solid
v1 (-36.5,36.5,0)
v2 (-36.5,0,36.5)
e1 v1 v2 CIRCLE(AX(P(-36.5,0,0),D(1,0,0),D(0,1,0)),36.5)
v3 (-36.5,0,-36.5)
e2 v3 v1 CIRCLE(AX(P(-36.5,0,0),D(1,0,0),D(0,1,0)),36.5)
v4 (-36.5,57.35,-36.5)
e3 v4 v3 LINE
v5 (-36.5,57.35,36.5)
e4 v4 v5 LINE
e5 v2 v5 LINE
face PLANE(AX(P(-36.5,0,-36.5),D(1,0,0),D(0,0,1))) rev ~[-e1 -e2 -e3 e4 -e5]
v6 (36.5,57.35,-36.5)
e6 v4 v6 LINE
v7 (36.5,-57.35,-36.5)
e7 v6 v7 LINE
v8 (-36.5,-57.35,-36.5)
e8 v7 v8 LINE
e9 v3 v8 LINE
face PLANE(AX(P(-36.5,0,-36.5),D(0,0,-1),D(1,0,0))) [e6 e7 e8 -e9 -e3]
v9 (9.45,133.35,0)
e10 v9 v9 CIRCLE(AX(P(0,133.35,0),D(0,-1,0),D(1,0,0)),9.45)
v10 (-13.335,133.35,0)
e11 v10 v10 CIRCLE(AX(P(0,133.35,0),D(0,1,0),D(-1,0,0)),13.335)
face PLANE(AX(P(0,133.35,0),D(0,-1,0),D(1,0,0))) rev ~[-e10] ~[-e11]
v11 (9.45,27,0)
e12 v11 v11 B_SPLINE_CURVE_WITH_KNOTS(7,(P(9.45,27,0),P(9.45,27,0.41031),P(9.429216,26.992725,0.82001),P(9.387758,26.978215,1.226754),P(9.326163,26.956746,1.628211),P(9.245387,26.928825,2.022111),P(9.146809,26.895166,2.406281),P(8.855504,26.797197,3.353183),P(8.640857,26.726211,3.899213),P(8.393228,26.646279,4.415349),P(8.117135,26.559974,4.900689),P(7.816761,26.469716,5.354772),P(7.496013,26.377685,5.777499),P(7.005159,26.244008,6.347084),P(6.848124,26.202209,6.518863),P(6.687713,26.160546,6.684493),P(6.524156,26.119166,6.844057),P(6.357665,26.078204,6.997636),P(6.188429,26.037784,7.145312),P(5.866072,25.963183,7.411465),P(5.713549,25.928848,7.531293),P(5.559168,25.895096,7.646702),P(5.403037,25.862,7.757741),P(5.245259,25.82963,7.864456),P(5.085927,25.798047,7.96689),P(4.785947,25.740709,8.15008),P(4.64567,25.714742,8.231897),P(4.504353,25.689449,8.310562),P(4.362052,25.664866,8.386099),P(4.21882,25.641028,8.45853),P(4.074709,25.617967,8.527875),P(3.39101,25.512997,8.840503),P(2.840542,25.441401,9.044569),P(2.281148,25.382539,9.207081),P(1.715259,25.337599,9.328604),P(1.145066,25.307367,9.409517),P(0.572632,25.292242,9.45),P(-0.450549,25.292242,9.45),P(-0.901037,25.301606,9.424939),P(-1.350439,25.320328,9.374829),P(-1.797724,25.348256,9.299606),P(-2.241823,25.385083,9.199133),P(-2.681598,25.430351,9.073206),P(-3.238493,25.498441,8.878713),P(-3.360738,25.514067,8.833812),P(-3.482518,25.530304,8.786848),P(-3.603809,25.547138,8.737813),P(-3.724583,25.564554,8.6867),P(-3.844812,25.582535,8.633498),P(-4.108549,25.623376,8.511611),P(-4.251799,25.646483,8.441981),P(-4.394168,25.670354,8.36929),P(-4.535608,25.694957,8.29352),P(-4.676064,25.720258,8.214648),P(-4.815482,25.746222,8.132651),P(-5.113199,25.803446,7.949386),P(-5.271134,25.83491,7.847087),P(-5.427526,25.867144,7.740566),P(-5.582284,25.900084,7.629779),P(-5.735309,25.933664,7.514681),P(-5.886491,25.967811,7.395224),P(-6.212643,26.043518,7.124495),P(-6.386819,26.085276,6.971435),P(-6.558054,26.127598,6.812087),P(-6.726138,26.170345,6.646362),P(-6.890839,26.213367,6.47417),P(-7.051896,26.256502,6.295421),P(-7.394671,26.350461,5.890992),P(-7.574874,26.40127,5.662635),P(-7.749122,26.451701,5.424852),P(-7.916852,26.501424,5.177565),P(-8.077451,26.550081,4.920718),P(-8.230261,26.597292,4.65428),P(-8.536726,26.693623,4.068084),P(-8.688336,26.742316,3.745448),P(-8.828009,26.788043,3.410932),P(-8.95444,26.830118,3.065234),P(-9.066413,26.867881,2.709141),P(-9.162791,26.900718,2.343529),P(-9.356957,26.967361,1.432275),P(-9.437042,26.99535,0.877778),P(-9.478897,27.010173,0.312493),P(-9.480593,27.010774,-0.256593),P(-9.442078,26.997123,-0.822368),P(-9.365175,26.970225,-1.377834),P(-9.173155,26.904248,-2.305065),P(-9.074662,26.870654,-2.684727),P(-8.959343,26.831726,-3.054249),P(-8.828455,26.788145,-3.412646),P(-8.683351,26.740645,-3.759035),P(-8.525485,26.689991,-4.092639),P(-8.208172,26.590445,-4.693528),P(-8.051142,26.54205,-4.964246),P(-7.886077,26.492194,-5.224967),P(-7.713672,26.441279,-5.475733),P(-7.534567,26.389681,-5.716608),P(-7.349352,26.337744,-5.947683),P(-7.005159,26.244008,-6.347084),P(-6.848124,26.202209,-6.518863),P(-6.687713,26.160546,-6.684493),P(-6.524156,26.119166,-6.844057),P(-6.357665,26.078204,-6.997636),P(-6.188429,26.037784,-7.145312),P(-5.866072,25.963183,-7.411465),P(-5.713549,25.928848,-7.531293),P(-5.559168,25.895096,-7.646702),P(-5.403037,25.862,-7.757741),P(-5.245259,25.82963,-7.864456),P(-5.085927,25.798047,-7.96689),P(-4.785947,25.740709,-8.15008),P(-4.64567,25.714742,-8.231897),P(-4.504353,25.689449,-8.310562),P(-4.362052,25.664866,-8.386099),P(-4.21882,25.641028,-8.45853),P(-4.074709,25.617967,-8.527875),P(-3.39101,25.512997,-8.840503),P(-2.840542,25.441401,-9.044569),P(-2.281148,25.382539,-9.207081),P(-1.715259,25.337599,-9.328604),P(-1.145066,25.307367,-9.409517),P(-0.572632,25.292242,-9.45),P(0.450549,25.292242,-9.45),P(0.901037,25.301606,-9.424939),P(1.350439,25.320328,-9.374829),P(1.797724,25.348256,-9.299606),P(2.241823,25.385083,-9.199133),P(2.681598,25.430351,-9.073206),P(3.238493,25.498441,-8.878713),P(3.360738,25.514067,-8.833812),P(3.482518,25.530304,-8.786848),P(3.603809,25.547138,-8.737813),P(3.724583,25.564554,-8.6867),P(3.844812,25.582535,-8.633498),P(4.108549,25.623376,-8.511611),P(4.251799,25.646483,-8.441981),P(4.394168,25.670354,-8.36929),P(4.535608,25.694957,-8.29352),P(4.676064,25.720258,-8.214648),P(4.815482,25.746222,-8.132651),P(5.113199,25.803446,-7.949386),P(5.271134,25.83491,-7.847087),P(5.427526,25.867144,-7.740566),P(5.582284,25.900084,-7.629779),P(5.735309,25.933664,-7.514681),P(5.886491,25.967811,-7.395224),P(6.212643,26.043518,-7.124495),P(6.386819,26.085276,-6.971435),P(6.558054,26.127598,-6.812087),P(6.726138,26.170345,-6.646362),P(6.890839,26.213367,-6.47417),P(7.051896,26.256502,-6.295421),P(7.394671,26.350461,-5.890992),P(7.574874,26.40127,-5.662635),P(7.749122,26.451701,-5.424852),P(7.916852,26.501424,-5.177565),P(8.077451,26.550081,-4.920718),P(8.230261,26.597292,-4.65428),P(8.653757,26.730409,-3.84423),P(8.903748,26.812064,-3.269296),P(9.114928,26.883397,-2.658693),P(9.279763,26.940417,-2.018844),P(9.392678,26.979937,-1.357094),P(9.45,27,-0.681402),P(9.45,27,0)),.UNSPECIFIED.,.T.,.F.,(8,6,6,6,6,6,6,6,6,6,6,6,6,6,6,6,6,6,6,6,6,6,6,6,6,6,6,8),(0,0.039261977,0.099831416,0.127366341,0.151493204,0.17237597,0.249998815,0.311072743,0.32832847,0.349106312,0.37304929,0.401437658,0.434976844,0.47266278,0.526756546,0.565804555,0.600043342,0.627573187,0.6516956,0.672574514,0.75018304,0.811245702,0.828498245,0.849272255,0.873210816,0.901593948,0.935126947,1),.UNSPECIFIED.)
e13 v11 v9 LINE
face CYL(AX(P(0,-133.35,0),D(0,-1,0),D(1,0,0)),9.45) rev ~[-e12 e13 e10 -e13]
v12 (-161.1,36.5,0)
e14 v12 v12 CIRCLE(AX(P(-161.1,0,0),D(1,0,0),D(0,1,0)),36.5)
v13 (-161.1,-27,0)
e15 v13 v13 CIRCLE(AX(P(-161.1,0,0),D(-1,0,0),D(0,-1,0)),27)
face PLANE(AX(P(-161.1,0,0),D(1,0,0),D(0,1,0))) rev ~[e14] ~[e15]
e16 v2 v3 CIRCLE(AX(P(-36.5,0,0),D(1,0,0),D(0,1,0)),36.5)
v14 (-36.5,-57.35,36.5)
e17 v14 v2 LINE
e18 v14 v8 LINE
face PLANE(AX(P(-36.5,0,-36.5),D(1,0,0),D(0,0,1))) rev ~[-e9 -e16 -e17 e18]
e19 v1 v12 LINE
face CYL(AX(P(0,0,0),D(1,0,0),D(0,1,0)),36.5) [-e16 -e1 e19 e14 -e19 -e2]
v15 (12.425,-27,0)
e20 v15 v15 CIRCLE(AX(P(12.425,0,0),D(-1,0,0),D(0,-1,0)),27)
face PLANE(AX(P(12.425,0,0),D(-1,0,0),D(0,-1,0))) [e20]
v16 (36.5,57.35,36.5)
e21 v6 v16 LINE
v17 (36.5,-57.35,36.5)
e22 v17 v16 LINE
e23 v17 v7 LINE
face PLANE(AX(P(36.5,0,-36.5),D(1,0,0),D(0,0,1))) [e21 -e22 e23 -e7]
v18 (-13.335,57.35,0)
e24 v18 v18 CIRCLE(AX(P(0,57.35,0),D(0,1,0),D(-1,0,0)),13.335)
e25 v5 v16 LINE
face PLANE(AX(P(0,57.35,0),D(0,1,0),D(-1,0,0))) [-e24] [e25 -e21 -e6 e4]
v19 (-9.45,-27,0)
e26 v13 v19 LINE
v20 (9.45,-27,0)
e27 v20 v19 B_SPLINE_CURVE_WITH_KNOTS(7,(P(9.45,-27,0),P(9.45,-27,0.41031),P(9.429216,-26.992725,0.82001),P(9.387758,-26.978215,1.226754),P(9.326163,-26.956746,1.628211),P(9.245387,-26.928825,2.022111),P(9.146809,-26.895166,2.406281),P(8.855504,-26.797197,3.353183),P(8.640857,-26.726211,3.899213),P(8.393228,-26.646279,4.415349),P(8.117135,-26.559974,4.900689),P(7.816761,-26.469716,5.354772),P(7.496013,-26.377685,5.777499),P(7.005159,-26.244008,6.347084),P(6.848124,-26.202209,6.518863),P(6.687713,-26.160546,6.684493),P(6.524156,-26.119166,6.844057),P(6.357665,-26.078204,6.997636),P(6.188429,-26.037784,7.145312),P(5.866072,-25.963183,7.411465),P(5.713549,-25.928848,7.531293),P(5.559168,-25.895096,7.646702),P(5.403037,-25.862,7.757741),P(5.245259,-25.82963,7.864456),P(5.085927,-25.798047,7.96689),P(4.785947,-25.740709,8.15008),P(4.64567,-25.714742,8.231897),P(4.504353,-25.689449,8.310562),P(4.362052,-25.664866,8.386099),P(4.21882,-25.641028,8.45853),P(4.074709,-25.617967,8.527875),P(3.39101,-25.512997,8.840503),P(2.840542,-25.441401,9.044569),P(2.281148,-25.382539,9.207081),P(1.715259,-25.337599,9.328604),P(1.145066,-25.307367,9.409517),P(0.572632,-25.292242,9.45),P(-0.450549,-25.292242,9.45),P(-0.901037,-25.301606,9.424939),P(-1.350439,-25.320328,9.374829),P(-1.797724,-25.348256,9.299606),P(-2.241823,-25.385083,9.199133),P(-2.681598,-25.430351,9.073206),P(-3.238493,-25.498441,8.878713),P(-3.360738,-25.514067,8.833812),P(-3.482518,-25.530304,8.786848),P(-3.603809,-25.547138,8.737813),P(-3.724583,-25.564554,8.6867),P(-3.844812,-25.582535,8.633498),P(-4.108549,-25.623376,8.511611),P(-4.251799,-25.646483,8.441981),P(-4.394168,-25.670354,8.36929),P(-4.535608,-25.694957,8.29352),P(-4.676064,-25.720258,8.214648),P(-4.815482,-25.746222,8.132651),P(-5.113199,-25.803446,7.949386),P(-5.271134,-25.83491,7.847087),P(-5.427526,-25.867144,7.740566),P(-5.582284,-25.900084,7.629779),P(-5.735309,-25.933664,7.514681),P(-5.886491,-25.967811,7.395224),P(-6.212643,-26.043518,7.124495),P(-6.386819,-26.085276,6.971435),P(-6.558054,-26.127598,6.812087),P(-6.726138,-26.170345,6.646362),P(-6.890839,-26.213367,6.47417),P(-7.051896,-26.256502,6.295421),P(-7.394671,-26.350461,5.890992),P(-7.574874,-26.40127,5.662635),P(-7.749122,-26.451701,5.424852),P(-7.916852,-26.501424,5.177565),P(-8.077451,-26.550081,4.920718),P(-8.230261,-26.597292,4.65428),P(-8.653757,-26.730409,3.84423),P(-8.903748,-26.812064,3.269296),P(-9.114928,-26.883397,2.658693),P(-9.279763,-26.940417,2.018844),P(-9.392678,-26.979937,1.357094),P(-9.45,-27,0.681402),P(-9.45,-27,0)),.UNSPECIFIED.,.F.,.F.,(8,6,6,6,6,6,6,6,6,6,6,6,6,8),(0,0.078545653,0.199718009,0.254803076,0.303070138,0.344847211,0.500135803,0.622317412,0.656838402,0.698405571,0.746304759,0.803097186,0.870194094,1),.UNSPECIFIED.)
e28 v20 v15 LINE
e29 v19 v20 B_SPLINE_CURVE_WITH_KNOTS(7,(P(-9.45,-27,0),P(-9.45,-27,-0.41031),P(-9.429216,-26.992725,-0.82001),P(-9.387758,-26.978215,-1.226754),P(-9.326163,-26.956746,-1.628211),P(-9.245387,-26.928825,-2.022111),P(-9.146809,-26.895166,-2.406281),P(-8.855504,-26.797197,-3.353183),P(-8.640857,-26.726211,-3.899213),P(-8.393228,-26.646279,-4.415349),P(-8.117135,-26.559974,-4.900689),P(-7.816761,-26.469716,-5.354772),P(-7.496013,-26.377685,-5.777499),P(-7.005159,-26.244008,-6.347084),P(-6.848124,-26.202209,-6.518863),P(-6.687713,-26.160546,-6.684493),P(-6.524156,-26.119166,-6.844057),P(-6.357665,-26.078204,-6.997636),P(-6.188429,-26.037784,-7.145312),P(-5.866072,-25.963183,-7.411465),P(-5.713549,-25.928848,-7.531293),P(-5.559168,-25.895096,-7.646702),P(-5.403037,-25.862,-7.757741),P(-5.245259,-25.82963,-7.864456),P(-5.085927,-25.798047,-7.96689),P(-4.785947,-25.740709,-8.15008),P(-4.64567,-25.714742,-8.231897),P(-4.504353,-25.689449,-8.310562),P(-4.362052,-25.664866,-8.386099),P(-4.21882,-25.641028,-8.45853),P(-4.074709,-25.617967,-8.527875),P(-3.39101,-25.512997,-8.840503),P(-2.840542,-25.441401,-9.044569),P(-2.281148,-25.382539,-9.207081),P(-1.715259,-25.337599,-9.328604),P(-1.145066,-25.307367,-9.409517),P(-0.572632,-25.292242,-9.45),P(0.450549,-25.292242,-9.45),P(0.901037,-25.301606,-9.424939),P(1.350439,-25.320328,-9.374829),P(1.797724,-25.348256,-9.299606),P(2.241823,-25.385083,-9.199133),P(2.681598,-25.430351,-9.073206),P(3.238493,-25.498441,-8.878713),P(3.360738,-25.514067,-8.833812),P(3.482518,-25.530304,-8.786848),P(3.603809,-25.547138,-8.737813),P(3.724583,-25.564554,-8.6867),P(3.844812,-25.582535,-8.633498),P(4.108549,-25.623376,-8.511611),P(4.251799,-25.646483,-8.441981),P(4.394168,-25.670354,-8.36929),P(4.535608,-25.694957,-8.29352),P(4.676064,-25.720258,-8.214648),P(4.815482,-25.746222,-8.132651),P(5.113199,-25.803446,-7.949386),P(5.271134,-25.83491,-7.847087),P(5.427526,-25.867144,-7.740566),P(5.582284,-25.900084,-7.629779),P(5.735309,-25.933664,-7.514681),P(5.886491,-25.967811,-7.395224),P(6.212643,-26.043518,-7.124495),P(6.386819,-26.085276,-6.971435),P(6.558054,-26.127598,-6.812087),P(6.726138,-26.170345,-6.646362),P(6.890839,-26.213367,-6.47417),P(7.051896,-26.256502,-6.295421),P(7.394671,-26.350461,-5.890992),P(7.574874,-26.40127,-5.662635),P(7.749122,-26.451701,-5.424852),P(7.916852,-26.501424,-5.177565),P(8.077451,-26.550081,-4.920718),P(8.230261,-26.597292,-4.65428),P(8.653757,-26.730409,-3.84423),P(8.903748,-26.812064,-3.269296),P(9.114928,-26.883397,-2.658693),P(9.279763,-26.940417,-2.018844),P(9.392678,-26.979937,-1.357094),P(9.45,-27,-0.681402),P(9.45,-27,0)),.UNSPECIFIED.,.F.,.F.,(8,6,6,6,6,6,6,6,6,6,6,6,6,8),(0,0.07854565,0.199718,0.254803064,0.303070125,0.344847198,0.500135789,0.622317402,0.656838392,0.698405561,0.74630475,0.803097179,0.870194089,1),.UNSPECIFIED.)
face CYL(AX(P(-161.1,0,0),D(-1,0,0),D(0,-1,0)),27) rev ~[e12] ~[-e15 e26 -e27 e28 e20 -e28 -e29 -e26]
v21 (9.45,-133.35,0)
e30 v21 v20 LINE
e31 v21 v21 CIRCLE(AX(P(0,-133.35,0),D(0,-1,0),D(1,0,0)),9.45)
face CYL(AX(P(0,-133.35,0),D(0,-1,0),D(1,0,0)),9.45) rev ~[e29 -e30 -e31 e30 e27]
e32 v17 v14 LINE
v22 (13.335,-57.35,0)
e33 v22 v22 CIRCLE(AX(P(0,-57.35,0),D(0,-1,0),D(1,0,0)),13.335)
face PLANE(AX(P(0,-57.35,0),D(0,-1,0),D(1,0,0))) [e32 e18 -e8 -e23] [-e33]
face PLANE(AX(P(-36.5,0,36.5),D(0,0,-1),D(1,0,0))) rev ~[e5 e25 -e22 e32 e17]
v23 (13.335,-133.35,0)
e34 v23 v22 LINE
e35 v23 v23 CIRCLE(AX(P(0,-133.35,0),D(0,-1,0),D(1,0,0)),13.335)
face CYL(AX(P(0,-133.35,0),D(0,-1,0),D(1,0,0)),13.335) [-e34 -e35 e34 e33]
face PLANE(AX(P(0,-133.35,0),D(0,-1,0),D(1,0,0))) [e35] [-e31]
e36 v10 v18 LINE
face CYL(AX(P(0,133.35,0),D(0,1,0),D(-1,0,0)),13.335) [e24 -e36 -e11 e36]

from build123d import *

# Parameters (mm, degrees)
F0_W      = 73
F0_H      = 73
F1_DEPTH  = 133.35
F2_R      = 36.5
F3_DEPTH  = 161.1
F4_R      = 27
F5_DEPTH  = 173.525
F6_R      = 9.45
F7_DEPTH  = 336
F8_R      = 57.112961
F8_R_2    = 13.335
F9_DEPTH  = 76
F10_R     = 82.497851
F10_R_2   = 13.335
F11_DEPTH = 76


with BuildPart() as f1:
    # F0 (on Front) → F1 (new body, symmetric)
    with BuildSketch(Plane.XZ):
        Rectangle(F0_W, F0_H)
    extrude(amount=F1_DEPTH, both=True)

    # F2 (on Right) → F3 (join)
    with BuildSketch(Plane.YZ):
        Circle(F2_R)
    extrude(amount=-F3_DEPTH)

    # F4 (on face) → F5 (cut)
    with BuildSketch(Plane(origin=(-161.1, 0, 0), x_dir=(0, -1, 0), z_dir=(-1, 0, 0))):
        Circle(F4_R)
    extrude(amount=-F5_DEPTH, mode=Mode.SUBTRACT)

    # F6 (on face) → F7 (cut)
    with BuildSketch(Plane.XZ.offset(133.35)):
        Circle(F6_R)
    extrude(amount=-F7_DEPTH, mode=Mode.SUBTRACT)

    # F8 (on face) → F9 (cut)
    with BuildSketch(Plane(origin=(0, 133.35, 0), x_dir=(-1, 0, 0), z_dir=(0, 1, 0))):
        Circle(F8_R)
        Circle(F8_R_2, mode=Mode.SUBTRACT)
    extrude(amount=-F9_DEPTH, mode=Mode.SUBTRACT)

    # F10 (on face) → F11 (cut)
    with BuildSketch(Plane.XZ.offset(133.35)):
        Circle(F10_R)
        Circle(F10_R_2, mode=Mode.SUBTRACT)
    extrude(amount=-F11_DEPTH, mode=Mode.SUBTRACT)


solid = f1.part
